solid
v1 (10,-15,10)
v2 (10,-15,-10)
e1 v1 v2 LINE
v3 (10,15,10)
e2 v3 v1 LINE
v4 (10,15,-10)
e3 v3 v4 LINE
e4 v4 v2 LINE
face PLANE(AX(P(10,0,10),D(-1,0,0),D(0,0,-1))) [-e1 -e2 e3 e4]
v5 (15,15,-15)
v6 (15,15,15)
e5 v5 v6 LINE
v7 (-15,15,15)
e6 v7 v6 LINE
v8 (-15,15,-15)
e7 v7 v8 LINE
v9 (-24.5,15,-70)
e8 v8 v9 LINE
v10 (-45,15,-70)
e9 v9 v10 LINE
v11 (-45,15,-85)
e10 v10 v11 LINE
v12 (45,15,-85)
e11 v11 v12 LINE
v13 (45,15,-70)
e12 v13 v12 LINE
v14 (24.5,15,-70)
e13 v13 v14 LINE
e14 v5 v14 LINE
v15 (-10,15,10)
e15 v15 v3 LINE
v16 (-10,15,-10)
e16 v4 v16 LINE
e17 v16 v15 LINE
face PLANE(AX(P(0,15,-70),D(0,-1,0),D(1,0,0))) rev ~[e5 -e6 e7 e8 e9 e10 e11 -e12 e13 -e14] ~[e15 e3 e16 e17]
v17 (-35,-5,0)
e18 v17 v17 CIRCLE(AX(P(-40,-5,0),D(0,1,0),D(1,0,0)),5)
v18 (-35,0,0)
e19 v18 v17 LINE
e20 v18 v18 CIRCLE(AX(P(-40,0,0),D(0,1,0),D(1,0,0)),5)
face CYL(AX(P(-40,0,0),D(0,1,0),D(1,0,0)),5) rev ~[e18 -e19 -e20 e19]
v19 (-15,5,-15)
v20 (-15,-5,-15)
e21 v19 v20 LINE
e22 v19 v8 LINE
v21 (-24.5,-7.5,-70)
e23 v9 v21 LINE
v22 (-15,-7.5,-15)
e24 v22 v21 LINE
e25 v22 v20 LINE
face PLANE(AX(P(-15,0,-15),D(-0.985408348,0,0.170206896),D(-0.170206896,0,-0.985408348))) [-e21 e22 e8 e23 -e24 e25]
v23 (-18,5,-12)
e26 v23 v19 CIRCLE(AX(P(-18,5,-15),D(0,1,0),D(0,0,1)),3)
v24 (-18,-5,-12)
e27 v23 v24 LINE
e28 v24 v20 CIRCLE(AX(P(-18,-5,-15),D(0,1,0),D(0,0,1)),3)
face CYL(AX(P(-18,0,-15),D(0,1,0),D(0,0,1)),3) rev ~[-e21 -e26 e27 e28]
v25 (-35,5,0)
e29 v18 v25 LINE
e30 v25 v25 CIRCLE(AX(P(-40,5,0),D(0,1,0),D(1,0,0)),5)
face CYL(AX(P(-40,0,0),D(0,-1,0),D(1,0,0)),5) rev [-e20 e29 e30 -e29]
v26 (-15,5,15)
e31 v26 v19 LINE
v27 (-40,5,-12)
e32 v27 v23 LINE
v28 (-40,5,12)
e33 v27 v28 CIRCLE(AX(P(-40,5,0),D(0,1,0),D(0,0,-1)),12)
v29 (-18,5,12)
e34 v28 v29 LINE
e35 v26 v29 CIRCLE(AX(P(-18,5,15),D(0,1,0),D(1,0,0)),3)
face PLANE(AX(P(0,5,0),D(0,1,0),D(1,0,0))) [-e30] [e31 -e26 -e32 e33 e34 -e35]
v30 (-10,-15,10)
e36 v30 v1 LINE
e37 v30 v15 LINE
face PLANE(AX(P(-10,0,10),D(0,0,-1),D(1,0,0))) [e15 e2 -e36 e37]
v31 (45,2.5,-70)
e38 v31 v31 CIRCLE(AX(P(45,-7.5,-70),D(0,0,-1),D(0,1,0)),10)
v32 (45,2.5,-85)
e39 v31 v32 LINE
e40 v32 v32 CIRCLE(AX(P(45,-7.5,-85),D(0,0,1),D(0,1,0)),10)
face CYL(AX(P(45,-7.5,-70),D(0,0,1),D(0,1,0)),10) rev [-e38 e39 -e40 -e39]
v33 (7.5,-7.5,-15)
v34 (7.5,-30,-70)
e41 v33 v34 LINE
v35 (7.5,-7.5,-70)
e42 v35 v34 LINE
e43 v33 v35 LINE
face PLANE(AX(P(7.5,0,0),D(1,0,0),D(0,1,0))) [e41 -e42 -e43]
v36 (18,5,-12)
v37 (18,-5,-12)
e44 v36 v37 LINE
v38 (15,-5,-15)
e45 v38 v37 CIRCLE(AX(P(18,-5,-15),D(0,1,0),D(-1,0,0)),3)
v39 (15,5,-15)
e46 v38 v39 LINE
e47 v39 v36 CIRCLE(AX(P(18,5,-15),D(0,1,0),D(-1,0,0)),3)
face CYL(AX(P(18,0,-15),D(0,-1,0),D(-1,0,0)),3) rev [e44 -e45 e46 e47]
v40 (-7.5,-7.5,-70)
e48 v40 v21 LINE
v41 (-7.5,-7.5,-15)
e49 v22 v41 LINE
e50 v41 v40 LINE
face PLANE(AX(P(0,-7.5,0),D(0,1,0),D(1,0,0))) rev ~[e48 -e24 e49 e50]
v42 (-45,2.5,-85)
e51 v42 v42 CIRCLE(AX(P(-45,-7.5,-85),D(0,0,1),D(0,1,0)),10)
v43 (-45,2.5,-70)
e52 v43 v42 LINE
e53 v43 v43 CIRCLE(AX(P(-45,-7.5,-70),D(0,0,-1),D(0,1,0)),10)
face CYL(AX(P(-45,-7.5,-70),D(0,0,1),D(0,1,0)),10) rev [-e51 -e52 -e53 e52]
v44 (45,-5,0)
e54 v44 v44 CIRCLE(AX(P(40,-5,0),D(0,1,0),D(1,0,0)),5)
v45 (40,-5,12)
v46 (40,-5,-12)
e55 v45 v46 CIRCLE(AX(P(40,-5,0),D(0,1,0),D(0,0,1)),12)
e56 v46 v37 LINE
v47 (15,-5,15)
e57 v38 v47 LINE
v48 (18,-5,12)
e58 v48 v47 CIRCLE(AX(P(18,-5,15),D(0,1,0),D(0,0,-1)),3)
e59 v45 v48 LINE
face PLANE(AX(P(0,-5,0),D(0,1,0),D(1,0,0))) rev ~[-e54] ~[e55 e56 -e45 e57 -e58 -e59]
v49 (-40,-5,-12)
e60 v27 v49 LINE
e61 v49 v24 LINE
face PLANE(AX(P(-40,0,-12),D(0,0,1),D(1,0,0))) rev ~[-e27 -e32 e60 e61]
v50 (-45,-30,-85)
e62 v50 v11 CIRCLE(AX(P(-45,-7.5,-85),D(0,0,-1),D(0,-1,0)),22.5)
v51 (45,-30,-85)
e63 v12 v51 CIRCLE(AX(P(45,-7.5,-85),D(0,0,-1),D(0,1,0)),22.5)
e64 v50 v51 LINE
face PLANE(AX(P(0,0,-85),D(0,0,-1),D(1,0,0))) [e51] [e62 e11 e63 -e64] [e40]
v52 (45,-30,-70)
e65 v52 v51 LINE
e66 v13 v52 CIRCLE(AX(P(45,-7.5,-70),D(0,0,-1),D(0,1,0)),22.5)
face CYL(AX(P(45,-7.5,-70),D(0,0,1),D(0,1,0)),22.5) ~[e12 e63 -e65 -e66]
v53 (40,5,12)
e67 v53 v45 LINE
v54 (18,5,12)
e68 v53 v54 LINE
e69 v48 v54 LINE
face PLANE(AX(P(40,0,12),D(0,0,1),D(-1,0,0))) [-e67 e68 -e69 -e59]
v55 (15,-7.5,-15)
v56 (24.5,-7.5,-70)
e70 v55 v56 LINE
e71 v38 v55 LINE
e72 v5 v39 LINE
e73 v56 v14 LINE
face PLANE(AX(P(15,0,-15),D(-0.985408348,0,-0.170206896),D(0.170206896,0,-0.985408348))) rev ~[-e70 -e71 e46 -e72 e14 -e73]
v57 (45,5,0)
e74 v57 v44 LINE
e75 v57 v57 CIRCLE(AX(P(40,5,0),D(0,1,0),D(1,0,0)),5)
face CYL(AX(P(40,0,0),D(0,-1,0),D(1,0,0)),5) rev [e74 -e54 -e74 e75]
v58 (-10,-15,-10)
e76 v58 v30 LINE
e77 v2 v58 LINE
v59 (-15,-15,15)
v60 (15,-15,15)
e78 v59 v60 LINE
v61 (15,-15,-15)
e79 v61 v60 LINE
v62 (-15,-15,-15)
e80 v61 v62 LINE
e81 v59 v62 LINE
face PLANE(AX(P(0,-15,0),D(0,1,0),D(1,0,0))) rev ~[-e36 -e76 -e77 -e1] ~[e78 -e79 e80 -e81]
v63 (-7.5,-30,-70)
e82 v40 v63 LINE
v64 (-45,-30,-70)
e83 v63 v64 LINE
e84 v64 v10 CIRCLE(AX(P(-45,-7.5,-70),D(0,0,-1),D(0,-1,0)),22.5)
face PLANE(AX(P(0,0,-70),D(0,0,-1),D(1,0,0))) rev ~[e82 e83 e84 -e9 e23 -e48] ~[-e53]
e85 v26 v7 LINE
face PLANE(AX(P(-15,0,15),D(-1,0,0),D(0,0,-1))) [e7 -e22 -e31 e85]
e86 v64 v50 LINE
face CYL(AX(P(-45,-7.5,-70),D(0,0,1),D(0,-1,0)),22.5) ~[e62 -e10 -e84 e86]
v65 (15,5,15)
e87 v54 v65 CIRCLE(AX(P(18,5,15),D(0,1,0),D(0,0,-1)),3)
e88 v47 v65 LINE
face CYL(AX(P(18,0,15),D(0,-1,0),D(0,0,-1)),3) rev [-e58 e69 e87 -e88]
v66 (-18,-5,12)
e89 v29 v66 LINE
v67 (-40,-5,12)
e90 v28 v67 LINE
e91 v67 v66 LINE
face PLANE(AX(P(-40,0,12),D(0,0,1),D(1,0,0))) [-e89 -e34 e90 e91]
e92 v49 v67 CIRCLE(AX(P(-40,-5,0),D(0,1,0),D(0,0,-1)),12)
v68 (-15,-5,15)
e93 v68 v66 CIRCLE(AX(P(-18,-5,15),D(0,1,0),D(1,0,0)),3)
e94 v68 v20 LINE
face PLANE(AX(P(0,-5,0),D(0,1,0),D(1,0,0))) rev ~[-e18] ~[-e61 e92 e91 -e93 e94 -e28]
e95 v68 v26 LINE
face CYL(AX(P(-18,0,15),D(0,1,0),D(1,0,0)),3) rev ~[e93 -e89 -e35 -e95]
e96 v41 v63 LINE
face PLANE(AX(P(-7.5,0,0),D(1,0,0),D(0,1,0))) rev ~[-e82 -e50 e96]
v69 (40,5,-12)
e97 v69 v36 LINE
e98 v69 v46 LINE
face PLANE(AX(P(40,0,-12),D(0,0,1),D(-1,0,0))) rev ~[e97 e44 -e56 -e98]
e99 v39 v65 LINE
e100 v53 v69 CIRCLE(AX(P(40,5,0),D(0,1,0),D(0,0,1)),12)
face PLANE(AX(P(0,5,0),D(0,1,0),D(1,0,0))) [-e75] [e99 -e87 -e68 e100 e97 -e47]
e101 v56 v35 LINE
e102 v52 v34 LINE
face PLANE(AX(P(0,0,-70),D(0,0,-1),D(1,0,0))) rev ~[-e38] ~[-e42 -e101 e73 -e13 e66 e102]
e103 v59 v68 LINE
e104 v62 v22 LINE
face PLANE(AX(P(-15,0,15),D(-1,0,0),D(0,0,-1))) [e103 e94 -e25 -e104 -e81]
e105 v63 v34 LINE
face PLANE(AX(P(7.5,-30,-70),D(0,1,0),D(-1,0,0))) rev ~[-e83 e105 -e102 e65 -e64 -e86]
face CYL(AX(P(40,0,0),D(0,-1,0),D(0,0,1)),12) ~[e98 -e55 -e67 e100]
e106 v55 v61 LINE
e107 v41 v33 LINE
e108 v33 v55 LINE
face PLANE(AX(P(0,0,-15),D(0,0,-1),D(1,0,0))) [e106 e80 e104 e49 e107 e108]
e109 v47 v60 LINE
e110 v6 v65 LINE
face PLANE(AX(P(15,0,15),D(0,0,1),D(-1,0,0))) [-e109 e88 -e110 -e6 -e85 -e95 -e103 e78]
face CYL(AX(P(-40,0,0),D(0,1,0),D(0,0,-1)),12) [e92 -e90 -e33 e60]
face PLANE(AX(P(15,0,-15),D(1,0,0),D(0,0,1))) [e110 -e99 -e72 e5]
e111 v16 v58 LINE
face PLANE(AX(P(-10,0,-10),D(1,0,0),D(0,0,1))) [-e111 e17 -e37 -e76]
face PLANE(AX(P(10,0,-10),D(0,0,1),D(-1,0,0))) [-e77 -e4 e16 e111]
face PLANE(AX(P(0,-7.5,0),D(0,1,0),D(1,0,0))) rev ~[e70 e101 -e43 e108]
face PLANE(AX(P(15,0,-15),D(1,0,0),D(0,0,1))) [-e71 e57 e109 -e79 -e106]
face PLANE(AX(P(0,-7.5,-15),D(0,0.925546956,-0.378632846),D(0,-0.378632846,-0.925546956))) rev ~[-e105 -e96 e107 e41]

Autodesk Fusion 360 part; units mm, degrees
sketch "Sketch1" plane through (0, 0, 0) normal (0, 1, 0) x (1, 0, 0)
  line L0 (-10, -10) -> (10, -10)
  line L1 (10, -10) -> (10, 10)
  line L2 (10, 10) -> (-10, 10)
  line L3 (-10, 10) -> (-10, -10)
  line L4 (0, 15) -> (15, 15)
  line L5 (15, -15) -> (-15, -15)
  line L6 (0, 15) -> (-15, 15)
  line L7 (0, -15) -> (15, -15)
  line L8 (0, -15) -> (-15, -15)
  line L9 (-15, 15) -> (15, 15)
  line L10 (-40, -12) -> (-18, -12)
  line L11 (-40, 12) -> (-18, 12)
  line L12 (40, 12) -> (18, 12)
  line L13 (40, -12) -> (18, -12)
  arc A0 (-40, 12) -> (-40, -12) centre (-40, 0) ccw
  line L14 (15, 15) -> (15, 15)
  line L15 (15, -15) -> (15, -15)
  arc A1 (40, -12) -> (40, 12) centre (40, 0) ccw
  line L16 (-15, -15) -> (-15, -15)
  line L17 (-15, 15) -> (-15, 15)
  circle A2 centre (-40, 0) radius 5
  circle A3 centre (40, 0) radius 5
  arc A4 (-18, 12) -> (-15, 15) centre (-18, 15) ccw
  arc A5 (15, 15) -> (18, 12) centre (18, 15) ccw
  arc A6 (18, -12) -> (15, -15) centre (18, -15) ccw
  arc A7 (-15, -15) -> (-18, -12) centre (-18, -15) ccw
  line L18 (-15, -15) -> (-15, 15)
  line L19 (15, 15) -> (15, -15)
  line L20 (52, 0) -> (52, 70) construction
  line L21 (-52, 0) -> (-52, 70) construction
  line L22 (0, 70) -> (-24.5, 70)
  line L23 (0, 70) -> (24.5, 70)
  line L24 (-15, 15) -> (-24.5, 70)
  line L25 (15, 15) -> (24.5, 70)
  dimension "d2" = 15
  dimension "d4" = 30
  dimension "d12" = 3
  dimension "d13" = 3
  dimension "d14" = 3
  dimension "d15" = 3
  dimension "d17" = 70
  dimension "d19" = 70
  dimension "d20" = 24.5
  dimension "d21" = 24.5
extrude "Extrude1" add sketch "Sketch1" along normal blind 15 and the other way blind 15 contours L4 L5 L6 L7 L8 L9 L18 L19
extrude "Extrude3" add sketch "Sketch1" along normal blind 5 contours L10 L11 A0 A4 A7 L18
extrude "Extrude4" add sketch "Sketch1" along normal blind 0 and the other way blind 5 contours L10 L11 A0 A4 A7 L18
extrude "Extrude5" add sketch "Sketch1" along normal blind 5 and the other way blind 5 contours L12 L13 A1 A5 A6 L19
extrude "Extrude6" add sketch "Sketch1" along normal blind 15 and the other way blind 7.5 contours L4 L6 L9 L22 L23 L24 L25
sketch "Sketch2" plane through (0, 0, 0) normal (1, 0, 0) x (0, 1, 0)
  line L0 (0, -15) -> (-7.5, -15)
  line L1 (-7.5, -15) -> (-7.5, -70)
  line L2 (-7.5, -70) -> (-30, -70)
  line L3 (-7.5, -15) -> (-30, -70)
  dimension "d44" = 7.5
  dimension "d45" = 22.5
extrude "Extrude7" add sketch "Sketch2" along normal blind 7.5 and the other way blind 7.5
sketch "Sketch3" plane through (0, 0, -70) normal (0, 0, -1) x (1, 0, 0)
  line L0 (-24.5, 7.5) -> (-24.5, -15)
  line L1 (-24.5, -15) -> (24.5, -15)
  line L2 (24.5, -15) -> (24.5, 7.5)
  line L3 (24.5, 7.5) -> (7.5, 7.5)
  line L4 (7.5, 7.5) -> (7.5, 30)
  line L5 (7.5, 30) -> (-7.5, 30)
  line L6 (-7.5, 30) -> (-7.5, 7.5)
  line L7 (-7.5, 7.5) -> (-24.5, 7.5)
  line L8 (0, -15) -> (45, -15)
  line L9 (45, -15) -> (-45, -15)
  line L10 (-45, 30) -> (45, 30)
  arc A0 (-45, -2.5) -> (-45, 17.5) centre (-45, 7.5) ccw
  arc A1 (-45, 17.5) -> (-45, -2.5) centre (-45, 7.5) ccw
  arc A2 (45, -2.5) -> (45, 17.5) centre (45, 7.5) ccw
  arc A3 (45, 17.5) -> (45, -2.5) centre (45, 7.5) ccw
  arc A4 (45, -15) -> (45, 30) centre (45, 7.5) ccw
  arc A5 (-45, 30) -> (-45, -15) centre (-45, 7.5) ccw
  line L11 (-24.5, -15) -> (24.5, -15)
  dimension "d51" = 22.5
  dimension "d52" = 20
  dimension "d53" = 20
extrude "Extrude8" add sketch "Sketch3" along normal blind 15
extrude "Extrude2" [suppressed]
